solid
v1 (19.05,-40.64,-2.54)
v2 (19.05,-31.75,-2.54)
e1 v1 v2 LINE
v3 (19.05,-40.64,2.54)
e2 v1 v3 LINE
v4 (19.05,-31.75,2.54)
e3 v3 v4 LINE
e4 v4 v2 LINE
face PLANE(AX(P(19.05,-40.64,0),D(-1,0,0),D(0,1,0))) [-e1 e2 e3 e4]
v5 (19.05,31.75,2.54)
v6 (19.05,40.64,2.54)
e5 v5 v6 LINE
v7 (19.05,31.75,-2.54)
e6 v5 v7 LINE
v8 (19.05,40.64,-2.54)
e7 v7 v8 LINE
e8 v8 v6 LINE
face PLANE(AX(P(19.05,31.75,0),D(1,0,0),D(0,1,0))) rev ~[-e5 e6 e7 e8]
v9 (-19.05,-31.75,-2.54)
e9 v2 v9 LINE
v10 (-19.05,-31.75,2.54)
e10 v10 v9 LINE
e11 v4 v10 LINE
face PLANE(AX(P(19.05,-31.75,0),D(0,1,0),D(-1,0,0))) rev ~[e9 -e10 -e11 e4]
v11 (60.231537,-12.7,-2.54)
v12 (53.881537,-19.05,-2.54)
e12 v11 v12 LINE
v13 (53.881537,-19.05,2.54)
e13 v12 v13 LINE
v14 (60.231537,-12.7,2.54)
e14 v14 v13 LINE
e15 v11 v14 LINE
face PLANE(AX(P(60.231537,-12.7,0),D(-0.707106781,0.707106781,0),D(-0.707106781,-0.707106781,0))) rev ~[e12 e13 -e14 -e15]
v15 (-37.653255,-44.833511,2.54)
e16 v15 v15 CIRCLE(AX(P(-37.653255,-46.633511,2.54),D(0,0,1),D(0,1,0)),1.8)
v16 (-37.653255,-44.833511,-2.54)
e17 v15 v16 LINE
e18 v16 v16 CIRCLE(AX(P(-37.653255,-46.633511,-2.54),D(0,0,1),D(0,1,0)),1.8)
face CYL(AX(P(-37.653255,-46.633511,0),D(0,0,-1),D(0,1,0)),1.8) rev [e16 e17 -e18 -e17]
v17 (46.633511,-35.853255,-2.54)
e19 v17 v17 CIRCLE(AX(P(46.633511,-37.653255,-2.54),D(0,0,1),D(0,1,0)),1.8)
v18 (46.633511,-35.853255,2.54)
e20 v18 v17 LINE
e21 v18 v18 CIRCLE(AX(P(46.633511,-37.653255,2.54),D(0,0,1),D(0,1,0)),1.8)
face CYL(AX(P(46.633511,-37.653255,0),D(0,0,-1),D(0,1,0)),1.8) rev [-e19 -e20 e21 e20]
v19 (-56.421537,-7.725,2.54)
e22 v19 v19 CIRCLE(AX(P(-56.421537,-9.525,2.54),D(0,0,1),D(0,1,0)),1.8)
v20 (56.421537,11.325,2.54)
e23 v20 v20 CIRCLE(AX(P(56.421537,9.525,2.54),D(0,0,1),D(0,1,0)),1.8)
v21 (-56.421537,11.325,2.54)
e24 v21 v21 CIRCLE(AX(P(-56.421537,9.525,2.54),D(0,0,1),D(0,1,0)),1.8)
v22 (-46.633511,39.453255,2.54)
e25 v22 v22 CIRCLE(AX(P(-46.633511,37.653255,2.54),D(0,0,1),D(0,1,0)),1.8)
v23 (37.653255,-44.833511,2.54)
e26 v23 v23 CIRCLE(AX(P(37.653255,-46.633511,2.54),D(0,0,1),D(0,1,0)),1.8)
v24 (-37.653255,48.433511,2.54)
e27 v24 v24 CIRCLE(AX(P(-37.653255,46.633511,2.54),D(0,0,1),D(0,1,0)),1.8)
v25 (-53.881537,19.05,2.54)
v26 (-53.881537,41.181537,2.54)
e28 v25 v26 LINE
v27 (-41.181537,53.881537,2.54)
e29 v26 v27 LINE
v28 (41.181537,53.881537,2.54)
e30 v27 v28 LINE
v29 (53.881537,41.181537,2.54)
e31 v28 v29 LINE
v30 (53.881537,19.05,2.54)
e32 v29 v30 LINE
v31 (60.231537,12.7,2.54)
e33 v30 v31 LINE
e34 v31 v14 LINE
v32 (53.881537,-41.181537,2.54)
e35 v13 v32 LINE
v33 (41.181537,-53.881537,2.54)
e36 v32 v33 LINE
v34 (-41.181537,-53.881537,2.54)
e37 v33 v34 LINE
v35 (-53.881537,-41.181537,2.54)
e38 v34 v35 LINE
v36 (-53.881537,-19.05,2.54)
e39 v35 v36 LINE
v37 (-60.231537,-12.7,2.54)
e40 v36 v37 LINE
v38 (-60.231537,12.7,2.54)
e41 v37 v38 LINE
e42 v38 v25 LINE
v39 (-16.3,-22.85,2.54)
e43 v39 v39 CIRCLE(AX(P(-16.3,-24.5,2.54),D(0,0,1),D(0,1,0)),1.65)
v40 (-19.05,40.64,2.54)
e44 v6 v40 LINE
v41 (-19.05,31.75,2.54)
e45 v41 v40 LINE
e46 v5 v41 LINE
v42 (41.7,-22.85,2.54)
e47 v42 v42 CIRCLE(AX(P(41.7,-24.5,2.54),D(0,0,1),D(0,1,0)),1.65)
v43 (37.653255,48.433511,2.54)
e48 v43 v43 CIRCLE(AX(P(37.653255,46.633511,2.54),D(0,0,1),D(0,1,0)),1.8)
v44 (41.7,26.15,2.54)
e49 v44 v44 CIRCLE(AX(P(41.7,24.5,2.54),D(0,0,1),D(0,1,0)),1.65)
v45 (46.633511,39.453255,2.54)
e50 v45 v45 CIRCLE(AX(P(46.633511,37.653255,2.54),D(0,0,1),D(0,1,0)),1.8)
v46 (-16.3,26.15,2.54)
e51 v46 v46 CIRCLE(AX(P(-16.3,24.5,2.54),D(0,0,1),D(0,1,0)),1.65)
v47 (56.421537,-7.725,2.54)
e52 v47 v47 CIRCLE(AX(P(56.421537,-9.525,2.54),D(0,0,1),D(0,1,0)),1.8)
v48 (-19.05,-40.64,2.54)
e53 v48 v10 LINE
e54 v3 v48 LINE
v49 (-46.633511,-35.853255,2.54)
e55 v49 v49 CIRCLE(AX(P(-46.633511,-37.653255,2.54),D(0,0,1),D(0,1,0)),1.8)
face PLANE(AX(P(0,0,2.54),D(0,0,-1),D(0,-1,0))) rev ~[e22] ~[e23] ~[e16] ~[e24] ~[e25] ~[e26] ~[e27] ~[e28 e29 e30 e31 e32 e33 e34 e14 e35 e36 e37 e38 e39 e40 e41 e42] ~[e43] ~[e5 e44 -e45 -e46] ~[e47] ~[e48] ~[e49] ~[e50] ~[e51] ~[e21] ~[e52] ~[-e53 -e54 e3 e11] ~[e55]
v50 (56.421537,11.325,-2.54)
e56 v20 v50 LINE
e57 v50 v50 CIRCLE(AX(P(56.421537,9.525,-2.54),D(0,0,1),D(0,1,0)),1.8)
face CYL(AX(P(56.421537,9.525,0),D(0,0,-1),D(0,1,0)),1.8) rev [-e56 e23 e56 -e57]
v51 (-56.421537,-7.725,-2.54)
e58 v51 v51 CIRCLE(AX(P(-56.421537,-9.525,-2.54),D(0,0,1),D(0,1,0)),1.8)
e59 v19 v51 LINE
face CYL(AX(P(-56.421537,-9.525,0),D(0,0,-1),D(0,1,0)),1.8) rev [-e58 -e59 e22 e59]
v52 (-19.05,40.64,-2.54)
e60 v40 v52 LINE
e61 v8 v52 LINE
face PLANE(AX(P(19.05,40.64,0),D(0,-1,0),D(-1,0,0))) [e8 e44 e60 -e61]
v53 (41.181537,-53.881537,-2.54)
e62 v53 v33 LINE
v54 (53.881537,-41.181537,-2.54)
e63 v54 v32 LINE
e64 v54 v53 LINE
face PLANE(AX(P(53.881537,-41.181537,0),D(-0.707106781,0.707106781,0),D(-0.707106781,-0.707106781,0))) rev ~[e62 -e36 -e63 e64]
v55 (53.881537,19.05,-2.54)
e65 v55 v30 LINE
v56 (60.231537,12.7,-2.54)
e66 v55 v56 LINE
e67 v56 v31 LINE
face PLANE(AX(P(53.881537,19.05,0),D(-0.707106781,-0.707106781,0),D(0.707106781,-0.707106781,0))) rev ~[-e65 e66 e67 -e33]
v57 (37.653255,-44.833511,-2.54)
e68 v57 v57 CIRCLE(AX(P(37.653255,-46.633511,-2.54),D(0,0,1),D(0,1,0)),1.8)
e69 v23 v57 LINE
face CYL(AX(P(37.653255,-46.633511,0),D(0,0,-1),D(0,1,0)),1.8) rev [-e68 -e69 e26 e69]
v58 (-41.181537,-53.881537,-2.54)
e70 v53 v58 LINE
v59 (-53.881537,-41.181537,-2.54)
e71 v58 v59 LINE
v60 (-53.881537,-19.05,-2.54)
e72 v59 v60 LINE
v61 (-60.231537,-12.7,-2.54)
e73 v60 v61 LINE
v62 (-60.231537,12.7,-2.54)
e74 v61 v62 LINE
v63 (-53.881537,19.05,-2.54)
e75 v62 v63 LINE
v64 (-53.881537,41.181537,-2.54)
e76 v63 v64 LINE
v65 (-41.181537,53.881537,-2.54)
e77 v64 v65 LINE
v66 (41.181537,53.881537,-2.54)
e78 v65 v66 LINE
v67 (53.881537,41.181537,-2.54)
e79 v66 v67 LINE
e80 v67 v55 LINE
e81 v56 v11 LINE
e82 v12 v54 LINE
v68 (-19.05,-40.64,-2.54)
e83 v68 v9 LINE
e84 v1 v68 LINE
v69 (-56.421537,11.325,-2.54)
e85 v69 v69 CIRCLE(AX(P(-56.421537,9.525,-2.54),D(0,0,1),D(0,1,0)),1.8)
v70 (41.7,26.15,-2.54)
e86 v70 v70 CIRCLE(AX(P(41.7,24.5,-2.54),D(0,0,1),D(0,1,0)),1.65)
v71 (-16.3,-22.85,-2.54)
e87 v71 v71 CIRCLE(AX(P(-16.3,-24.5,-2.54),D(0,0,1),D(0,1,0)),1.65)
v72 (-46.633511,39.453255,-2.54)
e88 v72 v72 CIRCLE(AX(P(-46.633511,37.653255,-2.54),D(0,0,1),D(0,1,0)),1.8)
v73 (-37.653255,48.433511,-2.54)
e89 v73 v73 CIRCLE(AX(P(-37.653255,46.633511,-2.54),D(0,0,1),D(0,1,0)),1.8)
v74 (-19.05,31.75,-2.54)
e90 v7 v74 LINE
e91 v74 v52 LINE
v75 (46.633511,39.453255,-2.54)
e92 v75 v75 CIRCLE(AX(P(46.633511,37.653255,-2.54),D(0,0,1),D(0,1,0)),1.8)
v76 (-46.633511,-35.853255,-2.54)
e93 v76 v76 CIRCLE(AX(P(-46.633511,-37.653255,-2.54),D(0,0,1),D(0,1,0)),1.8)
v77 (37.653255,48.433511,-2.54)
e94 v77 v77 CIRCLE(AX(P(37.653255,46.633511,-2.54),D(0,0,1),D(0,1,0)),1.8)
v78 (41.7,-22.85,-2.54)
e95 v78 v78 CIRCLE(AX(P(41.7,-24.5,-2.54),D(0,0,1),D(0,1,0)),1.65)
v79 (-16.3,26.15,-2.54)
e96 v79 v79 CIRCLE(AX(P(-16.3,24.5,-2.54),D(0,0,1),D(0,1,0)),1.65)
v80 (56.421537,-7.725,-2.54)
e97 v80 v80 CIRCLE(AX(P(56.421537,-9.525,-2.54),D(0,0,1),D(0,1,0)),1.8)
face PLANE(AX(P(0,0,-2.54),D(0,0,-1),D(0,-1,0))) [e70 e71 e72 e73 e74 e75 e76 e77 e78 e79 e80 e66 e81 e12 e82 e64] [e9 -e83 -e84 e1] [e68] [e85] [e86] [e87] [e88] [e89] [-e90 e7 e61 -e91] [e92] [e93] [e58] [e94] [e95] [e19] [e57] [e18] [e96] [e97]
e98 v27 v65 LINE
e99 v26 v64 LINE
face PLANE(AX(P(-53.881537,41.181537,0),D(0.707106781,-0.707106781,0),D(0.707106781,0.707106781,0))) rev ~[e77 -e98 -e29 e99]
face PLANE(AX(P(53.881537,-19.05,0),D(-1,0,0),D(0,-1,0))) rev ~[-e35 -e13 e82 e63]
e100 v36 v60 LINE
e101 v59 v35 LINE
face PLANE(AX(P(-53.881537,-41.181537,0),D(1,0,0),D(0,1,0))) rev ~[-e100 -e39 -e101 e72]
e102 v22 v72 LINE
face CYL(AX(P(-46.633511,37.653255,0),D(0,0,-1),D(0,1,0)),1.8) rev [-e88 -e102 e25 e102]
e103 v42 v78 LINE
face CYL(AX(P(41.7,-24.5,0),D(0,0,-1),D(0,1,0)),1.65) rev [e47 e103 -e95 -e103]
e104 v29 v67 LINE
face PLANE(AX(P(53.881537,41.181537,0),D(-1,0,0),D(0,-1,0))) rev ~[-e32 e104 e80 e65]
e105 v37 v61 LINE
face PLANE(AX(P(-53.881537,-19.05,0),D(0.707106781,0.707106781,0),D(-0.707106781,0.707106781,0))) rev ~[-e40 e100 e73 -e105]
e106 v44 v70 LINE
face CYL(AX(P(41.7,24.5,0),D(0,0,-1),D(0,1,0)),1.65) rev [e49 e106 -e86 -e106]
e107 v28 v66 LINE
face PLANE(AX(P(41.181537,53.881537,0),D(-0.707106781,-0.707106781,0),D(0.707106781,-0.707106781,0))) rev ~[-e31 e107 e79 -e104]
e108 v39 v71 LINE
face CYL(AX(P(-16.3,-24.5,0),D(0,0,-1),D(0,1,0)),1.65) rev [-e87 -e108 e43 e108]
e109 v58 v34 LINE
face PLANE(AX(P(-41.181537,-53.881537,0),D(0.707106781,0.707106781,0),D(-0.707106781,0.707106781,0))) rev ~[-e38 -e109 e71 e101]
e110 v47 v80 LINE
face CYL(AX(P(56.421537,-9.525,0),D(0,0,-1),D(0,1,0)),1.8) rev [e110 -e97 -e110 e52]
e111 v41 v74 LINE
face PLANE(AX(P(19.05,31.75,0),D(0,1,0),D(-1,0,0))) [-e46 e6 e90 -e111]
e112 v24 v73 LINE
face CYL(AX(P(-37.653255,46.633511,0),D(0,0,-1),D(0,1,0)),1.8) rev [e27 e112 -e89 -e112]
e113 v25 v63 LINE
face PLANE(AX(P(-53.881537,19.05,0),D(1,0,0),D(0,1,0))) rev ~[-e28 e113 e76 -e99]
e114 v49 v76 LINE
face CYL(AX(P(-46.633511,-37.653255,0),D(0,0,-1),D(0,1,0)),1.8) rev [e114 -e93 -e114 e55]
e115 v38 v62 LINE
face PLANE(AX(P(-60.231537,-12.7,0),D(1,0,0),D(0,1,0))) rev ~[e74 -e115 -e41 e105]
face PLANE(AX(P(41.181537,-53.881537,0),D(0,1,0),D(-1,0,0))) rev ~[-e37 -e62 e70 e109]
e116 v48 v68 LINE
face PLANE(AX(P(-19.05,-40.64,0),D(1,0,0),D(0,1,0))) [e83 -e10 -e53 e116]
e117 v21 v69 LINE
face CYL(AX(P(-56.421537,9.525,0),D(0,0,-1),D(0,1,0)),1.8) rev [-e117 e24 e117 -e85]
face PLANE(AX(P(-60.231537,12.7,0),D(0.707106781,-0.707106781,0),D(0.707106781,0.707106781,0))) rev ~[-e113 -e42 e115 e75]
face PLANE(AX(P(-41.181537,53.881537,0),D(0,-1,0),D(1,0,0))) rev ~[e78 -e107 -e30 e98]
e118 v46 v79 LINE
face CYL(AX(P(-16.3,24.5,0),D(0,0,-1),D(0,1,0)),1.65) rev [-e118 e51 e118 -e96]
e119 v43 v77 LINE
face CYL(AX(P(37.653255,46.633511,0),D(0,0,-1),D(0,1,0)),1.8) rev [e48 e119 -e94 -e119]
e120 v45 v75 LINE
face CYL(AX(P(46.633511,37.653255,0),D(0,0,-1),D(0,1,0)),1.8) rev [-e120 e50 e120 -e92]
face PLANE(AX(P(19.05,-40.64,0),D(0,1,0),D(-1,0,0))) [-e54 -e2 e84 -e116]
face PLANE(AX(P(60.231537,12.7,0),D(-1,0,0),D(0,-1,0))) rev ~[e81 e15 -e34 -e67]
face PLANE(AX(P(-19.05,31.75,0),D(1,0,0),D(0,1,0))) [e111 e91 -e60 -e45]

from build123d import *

# Parameters (mm, degrees)
SKETCH1_R           = 1.800000083
SKETCH1_R_2         = 1.650000002
SKETCH1_W           = 8.89
SKETCH1_H           = 38.1
BOSS_EXTRUDE1_DEPTH = 2.54


with BuildPart() as part:
    # Sketch1 → Boss-Extrude1 (new body, symmetric)
    with BuildSketch(Plane(origin=(0, 0, 0), x_dir=(0, 1, 0), z_dir=(0, 0, 1))):
        Polygon((-41.181536726, 53.881536726), (-19.05, 53.881536726), (-12.7, 60.231536726), (12.7, 60.231536726), (19.05, 53.881536726), (41.181536726, 53.881536726), (53.881536726, 41.181536726), (53.881536726, -41.181536726), (41.181536726, -53.881536726), (19.05, -53.881536726), (12.7, -60.231536726), (-12.7, -60.231536726), (-19.05, -53.881536726), (-41.181536726, -53.881536726), (-53.881536726, -41.181536726), (-53.881536726, 41.181536726), align=None)
        with Locations((-46.633511114, -37.653254993)):
            Circle(SKETCH1_R, mode=Mode.SUBTRACT)
        with Locations((-37.653254993, -46.633511114)):
            Circle(SKETCH1_R, mode=Mode.SUBTRACT)
        with Locations((46.633511114, -37.653254993)):
            Circle(SKETCH1_R, mode=Mode.SUBTRACT)
        with Locations((37.653254993, -46.633511114)):
            Circle(SKETCH1_R, mode=Mode.SUBTRACT)
        with Locations((-46.633511114, 37.653254993)):
            Circle(SKETCH1_R, mode=Mode.SUBTRACT)
        with Locations((-37.653254993, 46.633511114)):
            Circle(SKETCH1_R, mode=Mode.SUBTRACT)
        with Locations((37.653254993, 46.633511114)):
            Circle(SKETCH1_R, mode=Mode.SUBTRACT)
        with Locations((46.633511114, 37.653254993)):
            Circle(SKETCH1_R, mode=Mode.SUBTRACT)
        with Locations((-24.5, -41.7)):
            Circle(SKETCH1_R_2, mode=Mode.SUBTRACT)
        with Locations((24.5, -41.7)):
            Circle(SKETCH1_R_2, mode=Mode.SUBTRACT)
        with Locations((24.5, 16.3)):
            Circle(SKETCH1_R_2, mode=Mode.SUBTRACT)
        with Locations((-24.5, 16.3)):
            Circle(SKETCH1_R_2, mode=Mode.SUBTRACT)
        with Locations((-9.525, -56.421536726)):
            Circle(SKETCH1_R, mode=Mode.SUBTRACT)
        with Locations((9.525, -56.421536726)):
            Circle(SKETCH1_R, mode=Mode.SUBTRACT)
        with Locations((9.525, 56.421536726)):
            Circle(SKETCH1_R, mode=Mode.SUBTRACT)
        with Locations((-9.525, 56.421536726)):
            Circle(SKETCH1_R, mode=Mode.SUBTRACT)
        with Locations((36.195, 0)):
            Rectangle(SKETCH1_W, SKETCH1_H, mode=Mode.SUBTRACT)
        with Locations((-36.195, 0)):
            Rectangle(SKETCH1_W, SKETCH1_H, mode=Mode.SUBTRACT)
    extrude(amount=BOSS_EXTRUDE1_DEPTH, both=True)


solid = part.part
